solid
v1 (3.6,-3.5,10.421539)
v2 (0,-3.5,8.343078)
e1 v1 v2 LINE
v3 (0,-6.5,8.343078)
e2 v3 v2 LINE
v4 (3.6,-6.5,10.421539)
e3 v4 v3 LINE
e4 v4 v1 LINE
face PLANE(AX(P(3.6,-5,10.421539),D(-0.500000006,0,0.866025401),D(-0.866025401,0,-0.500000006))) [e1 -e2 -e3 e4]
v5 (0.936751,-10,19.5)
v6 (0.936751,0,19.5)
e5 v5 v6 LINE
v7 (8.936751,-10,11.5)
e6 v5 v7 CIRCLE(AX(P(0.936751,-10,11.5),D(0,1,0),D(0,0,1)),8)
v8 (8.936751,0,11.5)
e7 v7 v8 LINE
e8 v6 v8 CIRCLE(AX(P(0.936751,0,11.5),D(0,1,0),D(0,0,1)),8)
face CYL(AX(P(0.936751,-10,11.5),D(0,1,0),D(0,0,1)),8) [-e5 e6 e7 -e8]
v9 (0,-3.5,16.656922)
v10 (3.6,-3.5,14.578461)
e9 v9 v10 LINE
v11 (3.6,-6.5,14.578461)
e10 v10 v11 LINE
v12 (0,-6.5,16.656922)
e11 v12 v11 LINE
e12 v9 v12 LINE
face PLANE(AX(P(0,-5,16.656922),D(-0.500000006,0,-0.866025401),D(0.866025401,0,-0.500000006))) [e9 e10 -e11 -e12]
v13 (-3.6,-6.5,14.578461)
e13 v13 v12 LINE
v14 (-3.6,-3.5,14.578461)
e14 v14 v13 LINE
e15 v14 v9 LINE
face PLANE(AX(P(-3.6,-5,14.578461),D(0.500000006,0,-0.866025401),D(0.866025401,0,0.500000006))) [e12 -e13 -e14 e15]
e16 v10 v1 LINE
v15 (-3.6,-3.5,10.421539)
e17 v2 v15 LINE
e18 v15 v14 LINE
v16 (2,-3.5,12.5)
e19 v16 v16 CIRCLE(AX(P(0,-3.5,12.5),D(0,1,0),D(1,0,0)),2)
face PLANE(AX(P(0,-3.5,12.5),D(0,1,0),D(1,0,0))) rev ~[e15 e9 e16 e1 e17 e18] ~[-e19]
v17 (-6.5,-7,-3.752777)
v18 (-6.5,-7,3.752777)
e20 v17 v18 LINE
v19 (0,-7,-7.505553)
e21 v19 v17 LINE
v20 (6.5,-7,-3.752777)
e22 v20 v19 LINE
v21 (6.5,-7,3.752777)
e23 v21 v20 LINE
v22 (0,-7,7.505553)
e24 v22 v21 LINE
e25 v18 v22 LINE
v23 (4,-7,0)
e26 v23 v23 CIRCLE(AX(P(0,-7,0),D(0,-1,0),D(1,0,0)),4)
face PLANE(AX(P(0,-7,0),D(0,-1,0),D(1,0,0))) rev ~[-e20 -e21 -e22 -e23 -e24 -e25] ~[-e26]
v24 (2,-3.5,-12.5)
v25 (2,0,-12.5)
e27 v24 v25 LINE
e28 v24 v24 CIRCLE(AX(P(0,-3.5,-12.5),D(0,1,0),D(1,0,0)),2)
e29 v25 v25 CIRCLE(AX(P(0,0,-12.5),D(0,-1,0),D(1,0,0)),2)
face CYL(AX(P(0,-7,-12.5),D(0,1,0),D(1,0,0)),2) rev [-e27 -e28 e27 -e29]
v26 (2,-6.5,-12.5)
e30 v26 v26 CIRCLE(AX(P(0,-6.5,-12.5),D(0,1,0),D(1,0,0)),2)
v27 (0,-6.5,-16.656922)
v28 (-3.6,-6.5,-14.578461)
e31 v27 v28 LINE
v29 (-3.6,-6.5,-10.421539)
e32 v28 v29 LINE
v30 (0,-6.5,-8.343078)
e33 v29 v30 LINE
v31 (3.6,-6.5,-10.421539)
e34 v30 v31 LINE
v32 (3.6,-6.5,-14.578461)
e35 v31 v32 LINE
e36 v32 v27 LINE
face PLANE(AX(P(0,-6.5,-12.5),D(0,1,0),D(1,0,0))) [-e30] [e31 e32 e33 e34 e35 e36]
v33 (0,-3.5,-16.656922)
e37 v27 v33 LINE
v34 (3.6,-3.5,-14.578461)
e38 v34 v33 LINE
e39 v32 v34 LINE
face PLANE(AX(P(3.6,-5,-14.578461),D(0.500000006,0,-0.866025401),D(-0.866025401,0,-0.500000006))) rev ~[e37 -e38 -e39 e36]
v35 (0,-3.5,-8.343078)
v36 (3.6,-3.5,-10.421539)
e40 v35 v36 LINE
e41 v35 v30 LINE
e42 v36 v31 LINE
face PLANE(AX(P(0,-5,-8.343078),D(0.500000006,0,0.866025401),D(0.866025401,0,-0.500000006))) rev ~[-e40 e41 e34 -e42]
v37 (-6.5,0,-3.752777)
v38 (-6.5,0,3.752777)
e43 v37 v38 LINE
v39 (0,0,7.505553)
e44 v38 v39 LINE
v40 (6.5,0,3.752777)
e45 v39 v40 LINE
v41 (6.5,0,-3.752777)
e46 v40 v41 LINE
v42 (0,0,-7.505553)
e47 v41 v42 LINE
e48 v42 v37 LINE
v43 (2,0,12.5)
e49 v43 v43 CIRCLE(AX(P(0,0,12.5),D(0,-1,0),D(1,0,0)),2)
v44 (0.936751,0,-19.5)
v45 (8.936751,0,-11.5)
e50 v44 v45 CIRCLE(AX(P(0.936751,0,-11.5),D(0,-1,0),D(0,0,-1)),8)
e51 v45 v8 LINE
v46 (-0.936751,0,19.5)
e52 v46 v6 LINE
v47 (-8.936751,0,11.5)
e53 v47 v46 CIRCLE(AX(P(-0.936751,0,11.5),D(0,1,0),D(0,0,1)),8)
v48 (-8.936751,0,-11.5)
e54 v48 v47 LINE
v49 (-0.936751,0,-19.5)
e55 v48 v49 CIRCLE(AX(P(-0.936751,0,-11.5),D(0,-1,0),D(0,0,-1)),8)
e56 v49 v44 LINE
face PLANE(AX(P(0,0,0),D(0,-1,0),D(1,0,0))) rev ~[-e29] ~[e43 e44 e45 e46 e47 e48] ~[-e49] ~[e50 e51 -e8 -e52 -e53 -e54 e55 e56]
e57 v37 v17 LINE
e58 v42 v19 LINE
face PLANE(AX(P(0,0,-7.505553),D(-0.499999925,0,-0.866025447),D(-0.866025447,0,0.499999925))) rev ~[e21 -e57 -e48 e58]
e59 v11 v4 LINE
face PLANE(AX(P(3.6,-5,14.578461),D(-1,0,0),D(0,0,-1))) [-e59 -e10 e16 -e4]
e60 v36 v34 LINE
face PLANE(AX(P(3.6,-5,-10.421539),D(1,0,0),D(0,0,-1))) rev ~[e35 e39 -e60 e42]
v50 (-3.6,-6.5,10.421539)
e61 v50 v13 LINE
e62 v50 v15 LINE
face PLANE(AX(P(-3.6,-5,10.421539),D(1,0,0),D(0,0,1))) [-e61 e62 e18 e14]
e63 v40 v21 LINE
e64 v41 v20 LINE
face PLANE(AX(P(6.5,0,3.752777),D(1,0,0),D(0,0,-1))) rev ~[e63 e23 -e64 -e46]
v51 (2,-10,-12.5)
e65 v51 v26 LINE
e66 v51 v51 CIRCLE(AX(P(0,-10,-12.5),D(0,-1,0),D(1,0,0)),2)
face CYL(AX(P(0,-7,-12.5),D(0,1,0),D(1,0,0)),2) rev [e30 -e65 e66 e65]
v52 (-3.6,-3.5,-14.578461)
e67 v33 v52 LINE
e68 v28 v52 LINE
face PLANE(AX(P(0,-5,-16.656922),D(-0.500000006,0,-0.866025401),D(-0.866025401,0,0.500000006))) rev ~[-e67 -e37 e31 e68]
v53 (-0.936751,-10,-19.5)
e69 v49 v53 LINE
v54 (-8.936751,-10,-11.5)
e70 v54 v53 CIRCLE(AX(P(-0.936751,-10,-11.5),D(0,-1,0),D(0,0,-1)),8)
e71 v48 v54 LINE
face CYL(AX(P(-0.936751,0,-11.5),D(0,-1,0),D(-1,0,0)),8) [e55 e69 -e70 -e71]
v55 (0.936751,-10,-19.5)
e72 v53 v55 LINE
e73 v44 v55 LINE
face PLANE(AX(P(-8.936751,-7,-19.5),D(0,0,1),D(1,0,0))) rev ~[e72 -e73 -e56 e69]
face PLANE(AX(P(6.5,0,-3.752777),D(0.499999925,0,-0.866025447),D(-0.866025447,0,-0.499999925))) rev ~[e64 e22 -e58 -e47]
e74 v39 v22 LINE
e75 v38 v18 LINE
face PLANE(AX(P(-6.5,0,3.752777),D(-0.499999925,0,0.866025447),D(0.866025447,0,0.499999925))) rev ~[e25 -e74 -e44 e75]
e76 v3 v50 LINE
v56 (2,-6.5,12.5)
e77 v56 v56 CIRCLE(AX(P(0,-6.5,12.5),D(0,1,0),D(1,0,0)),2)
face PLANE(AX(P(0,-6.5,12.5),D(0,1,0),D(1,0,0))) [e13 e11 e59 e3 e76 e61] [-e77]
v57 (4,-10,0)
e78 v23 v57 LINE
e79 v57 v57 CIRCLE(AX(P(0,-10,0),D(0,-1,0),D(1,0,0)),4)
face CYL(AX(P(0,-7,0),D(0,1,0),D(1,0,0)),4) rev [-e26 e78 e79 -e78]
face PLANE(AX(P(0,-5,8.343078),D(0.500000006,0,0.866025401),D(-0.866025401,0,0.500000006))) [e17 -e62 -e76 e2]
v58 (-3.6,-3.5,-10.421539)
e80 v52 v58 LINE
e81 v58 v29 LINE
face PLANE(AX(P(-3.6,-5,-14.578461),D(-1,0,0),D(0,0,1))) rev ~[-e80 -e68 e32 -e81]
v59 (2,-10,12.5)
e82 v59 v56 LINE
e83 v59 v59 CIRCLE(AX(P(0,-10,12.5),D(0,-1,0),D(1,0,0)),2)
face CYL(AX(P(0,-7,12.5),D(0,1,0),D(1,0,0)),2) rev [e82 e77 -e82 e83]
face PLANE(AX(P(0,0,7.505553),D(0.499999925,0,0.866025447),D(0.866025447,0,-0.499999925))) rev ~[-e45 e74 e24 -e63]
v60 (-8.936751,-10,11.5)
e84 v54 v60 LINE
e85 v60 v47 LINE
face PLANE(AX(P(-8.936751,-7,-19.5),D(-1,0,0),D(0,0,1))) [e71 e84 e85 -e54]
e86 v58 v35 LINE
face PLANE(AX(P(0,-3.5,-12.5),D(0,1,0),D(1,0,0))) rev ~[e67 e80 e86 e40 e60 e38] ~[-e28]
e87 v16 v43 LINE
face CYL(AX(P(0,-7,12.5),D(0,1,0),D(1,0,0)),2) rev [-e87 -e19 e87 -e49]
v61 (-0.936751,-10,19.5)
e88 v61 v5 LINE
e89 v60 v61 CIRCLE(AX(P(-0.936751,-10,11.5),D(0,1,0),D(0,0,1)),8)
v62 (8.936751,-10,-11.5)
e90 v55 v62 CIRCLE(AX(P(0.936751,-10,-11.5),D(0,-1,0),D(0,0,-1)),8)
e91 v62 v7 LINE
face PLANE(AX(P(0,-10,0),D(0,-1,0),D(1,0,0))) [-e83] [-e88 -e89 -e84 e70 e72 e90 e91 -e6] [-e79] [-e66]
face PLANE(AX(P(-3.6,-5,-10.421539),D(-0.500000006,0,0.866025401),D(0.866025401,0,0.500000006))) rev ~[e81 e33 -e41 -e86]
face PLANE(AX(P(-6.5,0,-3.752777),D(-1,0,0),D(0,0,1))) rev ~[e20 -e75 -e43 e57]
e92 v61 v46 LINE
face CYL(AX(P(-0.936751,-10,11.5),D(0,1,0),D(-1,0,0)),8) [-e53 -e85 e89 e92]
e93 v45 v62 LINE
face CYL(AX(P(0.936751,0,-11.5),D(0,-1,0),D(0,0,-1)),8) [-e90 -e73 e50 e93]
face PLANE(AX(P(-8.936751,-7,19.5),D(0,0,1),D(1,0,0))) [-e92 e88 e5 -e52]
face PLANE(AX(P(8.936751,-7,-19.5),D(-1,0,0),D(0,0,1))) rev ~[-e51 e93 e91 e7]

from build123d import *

# Parameters (mm, degrees)
F0_W     = 17.873502
F0_H     = 39
F0_R     = 2
F1_DEPTH = 7
F2_W     = 17.873502
F2_H     = 39
F2_R     = 2
F2_R_2   = 4
F3_DEPTH = 3
F6_DEPTH = 1.5
F7_R     = 8


with BuildPart() as f1:
    # F0 (on Front) → F1 (new body)
    with BuildSketch(Plane.XZ):
        Rectangle(F0_W, F0_H)
        with Locations((0, -12.5)):
            Circle(F0_R, mode=Mode.SUBTRACT)
        Polygon((0, 7.505553), (6.5, 3.752777), (6.5, -3.752777), (0, -7.505553), (-6.5, -3.752777), (-6.5, 3.752777), align=None, mode=Mode.SUBTRACT)
        with Locations((0, 12.5)):
            Circle(F0_R, mode=Mode.SUBTRACT)
    extrude(amount=F1_DEPTH)

    # F2 (on face) → F3 (join)
    with BuildSketch(Plane.XZ.offset(7)):
        Rectangle(F2_W, F2_H)
        with Locations((0, -12.5)):
            Circle(F2_R, mode=Mode.SUBTRACT)
        Polygon((-6.5, -3.752777), (-6.5, 3.752777), (0, 7.505553), (6.5, 3.752777), (6.5, -3.752777), (0, -7.505553), align=None, mode=Mode.SUBTRACT)
        with Locations((0, 12.5)):
            Circle(F2_R, mode=Mode.SUBTRACT)
        Polygon((0, 7.505553), (-6.5, 3.752777), (-6.5, -3.752777), (0, -7.505553), (6.5, -3.752777), (6.5, 3.752777), align=None)
        Circle(F2_R_2, mode=Mode.SUBTRACT)
    extrude(amount=F3_DEPTH)

    # F5 (on offset) → F6 (cut, symmetric)
    with BuildSketch(Plane(origin=(0, -5, 0), x_dir=(1, 0, 0), z_dir=(0, 1, 0))):
        Polygon((3.6, -14.578461), (3.6, -10.421539), (0, -8.343078), (-3.6, -10.421539), (-3.6, -14.578461), (0, -16.656922), align=None)
        Polygon((3.6, 10.421539), (3.6, 14.578461), (0, 16.656922), (-3.6, 14.578461), (-3.6, 10.421539), (0, 8.343078), align=None)
    extrude(amount=F6_DEPTH, both=True, mode=Mode.SUBTRACT)

    # F7
    f7_edges = [f1.edges().sort_by_distance(p)[0] for p in [
        (-8.936751, -5, -19.5),
        (8.936751, -5, -19.5),
        (-8.936751, -5, 19.5),
        (8.936751, -5, 19.5),
    ]]
    fillet(f7_edges, radius=F7_R)


solid = f1.part
